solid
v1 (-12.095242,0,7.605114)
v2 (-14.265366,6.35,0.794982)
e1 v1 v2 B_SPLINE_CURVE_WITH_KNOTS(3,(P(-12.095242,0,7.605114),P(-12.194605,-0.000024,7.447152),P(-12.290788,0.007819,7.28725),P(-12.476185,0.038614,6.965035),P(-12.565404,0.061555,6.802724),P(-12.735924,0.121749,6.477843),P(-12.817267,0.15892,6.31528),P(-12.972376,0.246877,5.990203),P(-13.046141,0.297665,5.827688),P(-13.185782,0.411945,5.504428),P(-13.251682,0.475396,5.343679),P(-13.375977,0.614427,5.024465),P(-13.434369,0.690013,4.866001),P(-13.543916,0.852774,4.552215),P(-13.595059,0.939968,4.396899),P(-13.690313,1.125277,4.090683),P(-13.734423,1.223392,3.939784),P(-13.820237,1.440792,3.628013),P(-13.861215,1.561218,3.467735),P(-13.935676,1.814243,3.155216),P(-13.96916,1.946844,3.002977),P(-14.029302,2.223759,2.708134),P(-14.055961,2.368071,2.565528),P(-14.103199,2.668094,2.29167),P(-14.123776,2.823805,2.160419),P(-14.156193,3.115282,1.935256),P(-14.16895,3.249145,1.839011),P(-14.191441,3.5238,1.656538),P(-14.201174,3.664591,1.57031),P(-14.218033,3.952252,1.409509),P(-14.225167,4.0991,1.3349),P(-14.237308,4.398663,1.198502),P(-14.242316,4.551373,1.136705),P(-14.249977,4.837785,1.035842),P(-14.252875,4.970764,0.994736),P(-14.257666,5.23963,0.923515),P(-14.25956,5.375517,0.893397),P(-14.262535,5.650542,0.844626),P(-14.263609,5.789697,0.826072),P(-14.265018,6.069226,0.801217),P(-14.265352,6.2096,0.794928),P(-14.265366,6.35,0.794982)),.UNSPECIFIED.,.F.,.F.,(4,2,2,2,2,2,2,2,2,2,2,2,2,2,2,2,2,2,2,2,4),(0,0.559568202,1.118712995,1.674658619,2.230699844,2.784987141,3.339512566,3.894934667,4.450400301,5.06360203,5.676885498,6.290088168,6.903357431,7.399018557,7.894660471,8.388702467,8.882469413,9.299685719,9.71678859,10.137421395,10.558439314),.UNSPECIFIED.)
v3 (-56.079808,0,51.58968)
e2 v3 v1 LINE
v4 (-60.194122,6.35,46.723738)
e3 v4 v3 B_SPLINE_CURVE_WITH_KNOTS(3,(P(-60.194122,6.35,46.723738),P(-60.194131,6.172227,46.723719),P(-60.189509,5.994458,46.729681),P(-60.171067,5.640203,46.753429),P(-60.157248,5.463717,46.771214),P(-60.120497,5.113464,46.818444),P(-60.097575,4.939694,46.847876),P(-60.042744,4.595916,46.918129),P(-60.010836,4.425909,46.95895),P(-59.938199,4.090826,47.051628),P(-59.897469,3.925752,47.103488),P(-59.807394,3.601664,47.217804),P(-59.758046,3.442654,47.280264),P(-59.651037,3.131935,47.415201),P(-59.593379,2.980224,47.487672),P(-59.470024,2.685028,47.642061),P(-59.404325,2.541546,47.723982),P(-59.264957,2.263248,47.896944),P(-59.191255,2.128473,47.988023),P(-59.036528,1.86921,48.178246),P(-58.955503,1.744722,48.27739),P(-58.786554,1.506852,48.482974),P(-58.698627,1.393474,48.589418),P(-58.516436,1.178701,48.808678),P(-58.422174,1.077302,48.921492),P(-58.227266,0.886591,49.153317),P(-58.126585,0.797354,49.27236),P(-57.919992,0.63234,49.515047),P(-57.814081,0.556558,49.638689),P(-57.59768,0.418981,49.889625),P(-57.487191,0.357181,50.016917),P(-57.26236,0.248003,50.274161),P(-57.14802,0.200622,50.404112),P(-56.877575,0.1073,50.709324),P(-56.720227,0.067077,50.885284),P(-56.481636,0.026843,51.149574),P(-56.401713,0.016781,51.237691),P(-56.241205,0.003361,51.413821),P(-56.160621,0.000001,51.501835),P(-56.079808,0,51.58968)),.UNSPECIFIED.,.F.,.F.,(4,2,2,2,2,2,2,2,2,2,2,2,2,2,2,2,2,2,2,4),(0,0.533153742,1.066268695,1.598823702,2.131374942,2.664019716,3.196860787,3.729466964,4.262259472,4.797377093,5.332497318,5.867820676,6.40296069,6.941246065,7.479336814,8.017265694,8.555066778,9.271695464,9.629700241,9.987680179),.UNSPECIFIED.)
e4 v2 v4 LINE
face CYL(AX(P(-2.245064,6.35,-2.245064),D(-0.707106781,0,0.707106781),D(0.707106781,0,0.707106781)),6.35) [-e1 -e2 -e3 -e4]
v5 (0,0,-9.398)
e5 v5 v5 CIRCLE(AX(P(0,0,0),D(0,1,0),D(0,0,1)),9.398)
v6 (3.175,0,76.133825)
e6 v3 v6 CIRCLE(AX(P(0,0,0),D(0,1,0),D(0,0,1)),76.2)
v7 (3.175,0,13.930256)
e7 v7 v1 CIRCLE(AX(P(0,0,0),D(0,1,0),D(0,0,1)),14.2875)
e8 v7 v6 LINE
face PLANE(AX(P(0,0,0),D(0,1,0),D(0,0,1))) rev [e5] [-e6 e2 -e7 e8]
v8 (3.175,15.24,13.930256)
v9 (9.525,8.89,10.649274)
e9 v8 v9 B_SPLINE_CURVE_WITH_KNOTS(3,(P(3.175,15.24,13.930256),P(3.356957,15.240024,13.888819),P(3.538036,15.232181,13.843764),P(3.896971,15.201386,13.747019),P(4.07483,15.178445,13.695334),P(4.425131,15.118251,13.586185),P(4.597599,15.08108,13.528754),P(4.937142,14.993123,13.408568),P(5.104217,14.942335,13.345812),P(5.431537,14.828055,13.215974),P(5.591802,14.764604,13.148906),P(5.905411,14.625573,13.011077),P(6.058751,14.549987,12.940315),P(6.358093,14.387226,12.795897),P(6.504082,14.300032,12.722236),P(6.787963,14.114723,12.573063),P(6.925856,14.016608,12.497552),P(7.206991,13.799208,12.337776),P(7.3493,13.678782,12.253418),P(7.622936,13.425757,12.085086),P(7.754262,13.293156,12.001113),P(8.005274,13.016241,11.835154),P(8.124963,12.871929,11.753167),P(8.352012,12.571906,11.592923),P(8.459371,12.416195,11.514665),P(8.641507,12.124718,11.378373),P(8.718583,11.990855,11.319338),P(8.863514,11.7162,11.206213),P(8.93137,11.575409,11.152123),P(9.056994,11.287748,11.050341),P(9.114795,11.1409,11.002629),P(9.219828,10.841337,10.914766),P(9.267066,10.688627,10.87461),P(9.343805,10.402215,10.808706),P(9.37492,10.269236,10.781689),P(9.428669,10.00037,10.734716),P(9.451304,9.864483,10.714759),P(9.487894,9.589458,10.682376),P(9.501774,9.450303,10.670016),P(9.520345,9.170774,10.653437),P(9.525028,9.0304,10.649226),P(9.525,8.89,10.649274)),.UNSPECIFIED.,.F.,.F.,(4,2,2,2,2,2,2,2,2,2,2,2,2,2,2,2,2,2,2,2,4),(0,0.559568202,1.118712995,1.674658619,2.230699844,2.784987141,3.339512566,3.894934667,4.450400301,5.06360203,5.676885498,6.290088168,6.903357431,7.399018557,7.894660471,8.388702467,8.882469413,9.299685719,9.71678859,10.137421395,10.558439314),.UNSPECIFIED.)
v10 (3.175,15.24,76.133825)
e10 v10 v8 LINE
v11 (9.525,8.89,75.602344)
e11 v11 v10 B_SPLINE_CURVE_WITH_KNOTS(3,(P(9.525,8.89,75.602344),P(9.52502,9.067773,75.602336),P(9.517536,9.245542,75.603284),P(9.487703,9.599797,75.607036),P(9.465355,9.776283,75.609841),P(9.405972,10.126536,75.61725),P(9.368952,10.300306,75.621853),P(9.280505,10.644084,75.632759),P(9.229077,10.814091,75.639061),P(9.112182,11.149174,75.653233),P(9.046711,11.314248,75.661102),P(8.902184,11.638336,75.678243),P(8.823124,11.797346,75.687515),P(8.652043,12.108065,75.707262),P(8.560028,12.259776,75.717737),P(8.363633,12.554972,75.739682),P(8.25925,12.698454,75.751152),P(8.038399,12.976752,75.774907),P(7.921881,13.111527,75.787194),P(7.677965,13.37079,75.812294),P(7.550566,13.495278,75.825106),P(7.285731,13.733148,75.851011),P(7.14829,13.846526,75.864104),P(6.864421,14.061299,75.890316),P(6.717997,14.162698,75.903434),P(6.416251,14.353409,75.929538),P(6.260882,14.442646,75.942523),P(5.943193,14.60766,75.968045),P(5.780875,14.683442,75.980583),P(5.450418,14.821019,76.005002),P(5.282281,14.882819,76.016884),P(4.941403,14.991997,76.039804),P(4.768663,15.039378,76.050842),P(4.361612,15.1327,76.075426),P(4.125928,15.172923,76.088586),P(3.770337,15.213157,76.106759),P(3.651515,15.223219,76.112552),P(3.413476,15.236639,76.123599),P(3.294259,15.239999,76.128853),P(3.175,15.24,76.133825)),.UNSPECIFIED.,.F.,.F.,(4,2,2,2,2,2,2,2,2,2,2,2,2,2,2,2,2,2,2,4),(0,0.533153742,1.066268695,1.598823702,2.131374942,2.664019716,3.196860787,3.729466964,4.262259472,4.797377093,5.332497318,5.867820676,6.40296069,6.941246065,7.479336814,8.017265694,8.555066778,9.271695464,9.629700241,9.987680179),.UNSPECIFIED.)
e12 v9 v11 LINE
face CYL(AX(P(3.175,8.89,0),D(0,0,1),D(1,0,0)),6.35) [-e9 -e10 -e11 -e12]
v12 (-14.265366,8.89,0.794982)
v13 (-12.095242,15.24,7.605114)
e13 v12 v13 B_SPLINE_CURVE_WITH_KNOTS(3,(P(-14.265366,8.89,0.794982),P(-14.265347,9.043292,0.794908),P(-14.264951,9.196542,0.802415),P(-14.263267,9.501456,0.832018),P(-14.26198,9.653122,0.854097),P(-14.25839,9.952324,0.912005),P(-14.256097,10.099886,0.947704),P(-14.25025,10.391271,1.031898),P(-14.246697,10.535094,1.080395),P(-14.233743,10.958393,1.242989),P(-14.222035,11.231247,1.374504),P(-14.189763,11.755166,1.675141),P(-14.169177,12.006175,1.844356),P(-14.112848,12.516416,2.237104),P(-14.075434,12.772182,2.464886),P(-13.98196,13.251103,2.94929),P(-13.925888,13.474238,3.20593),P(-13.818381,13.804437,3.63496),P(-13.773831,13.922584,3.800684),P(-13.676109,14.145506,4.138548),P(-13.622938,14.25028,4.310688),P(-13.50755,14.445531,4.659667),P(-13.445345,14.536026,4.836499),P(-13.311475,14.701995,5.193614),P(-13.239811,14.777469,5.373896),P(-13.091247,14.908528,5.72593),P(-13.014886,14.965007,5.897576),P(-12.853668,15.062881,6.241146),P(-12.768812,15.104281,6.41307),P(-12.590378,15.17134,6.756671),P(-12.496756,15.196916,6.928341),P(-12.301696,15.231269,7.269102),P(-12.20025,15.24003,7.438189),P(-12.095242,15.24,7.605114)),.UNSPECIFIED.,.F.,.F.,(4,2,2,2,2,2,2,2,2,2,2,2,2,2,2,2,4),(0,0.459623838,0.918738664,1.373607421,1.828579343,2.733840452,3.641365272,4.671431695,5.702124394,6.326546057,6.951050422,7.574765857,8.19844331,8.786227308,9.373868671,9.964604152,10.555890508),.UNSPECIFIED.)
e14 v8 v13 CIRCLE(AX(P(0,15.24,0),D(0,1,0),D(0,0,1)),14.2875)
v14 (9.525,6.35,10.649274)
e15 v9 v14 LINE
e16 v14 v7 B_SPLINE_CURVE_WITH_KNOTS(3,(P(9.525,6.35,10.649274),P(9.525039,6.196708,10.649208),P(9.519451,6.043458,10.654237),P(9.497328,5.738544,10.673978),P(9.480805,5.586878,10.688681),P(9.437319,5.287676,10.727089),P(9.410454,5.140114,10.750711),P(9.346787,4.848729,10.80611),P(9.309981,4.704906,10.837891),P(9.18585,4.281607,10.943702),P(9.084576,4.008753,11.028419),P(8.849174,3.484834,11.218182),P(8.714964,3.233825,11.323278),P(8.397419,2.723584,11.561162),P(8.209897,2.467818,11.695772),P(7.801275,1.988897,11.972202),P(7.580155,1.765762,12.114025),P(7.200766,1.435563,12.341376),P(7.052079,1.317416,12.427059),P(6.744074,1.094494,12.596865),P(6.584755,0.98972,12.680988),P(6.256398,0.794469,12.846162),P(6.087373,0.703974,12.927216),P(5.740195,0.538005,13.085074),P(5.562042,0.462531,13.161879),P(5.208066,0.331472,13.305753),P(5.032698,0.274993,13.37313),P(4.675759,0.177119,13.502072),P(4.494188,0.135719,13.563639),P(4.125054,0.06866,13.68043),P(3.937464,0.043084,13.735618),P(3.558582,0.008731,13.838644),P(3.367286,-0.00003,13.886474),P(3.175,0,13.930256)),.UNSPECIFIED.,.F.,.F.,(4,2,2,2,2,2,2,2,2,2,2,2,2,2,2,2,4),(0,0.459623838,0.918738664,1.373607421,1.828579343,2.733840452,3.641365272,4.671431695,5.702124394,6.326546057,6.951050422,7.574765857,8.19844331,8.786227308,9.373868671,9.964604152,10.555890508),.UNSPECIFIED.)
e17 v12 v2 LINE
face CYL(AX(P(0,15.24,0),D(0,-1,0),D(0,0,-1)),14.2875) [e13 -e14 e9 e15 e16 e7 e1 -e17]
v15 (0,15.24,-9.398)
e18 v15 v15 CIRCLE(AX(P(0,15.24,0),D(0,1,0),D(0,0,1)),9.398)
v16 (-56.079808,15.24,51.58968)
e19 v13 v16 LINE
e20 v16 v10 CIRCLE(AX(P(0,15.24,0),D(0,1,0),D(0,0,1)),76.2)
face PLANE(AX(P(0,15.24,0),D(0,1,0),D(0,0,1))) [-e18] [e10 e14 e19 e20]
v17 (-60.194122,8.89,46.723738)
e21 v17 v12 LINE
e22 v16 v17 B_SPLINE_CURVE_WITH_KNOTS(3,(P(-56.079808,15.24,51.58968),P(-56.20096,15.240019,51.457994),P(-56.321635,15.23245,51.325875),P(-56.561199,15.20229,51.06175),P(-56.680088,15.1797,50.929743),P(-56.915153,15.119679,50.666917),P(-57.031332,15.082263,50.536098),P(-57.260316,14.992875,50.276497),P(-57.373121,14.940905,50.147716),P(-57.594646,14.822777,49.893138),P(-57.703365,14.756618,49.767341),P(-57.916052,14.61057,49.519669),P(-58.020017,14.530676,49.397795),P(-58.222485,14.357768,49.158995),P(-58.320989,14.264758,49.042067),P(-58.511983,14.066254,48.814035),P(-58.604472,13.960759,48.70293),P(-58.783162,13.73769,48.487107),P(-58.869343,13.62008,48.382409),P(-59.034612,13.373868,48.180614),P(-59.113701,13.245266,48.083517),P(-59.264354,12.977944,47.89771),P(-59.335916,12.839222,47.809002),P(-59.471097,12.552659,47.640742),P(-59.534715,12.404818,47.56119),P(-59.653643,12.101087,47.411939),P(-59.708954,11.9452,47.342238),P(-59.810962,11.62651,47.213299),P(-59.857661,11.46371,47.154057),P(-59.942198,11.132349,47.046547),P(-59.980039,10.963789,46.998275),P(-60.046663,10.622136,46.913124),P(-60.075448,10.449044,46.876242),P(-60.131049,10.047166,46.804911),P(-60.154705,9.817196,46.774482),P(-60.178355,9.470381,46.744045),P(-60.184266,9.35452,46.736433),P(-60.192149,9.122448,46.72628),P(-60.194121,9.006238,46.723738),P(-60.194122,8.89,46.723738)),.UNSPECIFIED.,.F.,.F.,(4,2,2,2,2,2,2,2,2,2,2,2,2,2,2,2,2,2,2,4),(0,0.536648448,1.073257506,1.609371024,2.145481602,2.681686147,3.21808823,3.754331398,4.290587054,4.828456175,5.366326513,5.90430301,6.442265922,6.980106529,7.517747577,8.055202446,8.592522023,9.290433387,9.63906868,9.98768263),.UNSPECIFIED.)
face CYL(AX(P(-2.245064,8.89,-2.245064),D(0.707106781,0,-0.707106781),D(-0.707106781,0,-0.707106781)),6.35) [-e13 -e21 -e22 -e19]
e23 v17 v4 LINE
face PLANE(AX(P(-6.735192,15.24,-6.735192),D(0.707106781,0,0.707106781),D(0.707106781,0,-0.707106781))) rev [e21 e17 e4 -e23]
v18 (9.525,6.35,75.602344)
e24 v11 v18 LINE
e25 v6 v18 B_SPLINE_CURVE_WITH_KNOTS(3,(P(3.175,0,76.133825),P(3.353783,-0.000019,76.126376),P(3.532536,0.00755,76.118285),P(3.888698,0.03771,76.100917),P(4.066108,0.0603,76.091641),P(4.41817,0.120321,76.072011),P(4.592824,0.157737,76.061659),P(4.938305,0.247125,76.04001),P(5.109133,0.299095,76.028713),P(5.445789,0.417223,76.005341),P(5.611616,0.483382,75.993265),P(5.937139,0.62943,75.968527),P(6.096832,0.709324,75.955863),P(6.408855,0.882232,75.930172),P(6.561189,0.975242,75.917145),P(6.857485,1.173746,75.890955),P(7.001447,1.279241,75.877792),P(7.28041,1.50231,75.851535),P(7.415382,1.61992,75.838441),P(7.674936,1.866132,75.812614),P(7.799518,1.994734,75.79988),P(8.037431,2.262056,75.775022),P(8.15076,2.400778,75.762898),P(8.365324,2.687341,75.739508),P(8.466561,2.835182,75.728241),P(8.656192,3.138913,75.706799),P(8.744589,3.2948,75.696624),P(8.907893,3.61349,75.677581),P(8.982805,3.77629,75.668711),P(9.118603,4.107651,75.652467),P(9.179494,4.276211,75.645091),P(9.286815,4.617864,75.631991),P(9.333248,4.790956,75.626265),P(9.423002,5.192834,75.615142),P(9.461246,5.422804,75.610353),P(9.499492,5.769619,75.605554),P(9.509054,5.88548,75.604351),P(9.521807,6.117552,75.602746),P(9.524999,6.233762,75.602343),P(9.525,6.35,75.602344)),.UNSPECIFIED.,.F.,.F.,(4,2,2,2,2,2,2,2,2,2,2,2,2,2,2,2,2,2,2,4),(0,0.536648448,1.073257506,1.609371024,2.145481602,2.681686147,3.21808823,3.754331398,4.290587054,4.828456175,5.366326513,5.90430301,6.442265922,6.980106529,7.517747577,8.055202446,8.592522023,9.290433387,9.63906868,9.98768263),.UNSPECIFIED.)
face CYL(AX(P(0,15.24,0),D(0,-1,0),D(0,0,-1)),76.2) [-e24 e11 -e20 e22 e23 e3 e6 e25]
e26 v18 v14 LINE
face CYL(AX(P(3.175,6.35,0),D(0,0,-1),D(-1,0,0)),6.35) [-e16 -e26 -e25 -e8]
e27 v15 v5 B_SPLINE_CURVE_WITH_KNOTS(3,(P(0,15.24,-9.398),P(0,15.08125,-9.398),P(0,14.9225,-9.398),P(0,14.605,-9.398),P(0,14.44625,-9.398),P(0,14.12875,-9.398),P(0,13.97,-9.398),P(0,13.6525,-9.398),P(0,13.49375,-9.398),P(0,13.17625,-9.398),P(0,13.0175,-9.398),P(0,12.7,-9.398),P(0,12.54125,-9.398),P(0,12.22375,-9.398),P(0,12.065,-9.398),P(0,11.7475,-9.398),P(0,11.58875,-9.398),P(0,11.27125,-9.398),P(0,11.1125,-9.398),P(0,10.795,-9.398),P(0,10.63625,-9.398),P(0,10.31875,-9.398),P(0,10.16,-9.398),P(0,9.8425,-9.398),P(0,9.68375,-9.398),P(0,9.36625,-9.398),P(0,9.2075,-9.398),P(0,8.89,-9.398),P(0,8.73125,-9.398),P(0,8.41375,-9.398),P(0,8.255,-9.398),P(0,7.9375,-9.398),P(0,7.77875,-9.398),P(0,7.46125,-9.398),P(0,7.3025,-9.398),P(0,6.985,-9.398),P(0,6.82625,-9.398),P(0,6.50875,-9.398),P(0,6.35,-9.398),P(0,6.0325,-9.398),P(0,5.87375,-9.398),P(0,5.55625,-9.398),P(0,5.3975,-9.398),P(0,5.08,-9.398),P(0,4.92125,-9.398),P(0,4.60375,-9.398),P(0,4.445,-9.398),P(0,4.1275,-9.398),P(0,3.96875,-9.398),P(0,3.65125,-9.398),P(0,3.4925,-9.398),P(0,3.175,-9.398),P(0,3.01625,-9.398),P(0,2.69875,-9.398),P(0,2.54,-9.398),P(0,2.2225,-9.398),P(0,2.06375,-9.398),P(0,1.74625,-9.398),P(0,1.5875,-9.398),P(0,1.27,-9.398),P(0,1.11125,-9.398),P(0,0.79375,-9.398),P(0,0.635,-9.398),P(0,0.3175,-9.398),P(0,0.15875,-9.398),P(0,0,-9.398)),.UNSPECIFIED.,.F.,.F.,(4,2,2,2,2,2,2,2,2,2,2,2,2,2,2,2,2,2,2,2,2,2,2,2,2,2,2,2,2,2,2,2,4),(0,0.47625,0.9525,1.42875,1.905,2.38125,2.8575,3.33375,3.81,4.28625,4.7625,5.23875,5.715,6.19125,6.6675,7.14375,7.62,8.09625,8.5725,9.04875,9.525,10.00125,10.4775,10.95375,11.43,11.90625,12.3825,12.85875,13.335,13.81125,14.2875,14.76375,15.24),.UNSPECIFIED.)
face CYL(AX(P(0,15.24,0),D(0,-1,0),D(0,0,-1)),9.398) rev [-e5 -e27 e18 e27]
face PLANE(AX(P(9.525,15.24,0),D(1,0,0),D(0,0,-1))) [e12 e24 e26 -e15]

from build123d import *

# Parameters (mm, degrees)
SKETCH1_R           = 14.2875
SKETCH1_R_2         = 9.398
BOSS_EXTRUDE2_DEPTH = 15.24
FILLET1_R           = 6.35


with BuildPart() as part:
    # Sketch1 → Boss-Extrude2 (new body)
    # profile 1 of 2: a face of its own
    with BuildSketch(Plane(origin=(0, 0, 0), x_dir=(1, 0, 0), z_dir=(0, 1, 0))):
        with BuildLine():
            ThreePointArc((9.525, -10.649273743), (-5.46758954, -13.199928821), (-14.265365769, -0.794981587))
            Line((-14.265365769, -0.794981587), (-60.194122004, -46.723737823))
            ThreePointArc((-60.194122004, -46.723737823), (-29.160477546, -70.399620377), (9.525, -75.602343714))
            Line((9.525, -75.602343714), (9.525, -10.649273743))
        make_face()
    # profile 2 of 2: a face of its own
    with BuildSketch(Plane(origin=(0, 0, 0), x_dir=(1, 0, 0), z_dir=(0, 1, 0))):
        Circle(SKETCH1_R)
        with Locations(Location((0, 0, 0), (0, 0, 90))):
            Circle(SKETCH1_R_2, mode=Mode.SUBTRACT)
    extrude(amount=BOSS_EXTRUDE2_DEPTH)

    # Fillet1
    fillet1_edges = [part.edges().sort_by_distance(p)[0] for p in [
        (9.525, 15.24, 43.125808728),
        (-37.229743887, 15.24, 23.759359705),
        (9.525, 0, 43.125808728),
        (-37.229743887, 0, 23.759359705),
    ]]
    fillet(fillet1_edges, radius=FILLET1_R)


solid = part.part
